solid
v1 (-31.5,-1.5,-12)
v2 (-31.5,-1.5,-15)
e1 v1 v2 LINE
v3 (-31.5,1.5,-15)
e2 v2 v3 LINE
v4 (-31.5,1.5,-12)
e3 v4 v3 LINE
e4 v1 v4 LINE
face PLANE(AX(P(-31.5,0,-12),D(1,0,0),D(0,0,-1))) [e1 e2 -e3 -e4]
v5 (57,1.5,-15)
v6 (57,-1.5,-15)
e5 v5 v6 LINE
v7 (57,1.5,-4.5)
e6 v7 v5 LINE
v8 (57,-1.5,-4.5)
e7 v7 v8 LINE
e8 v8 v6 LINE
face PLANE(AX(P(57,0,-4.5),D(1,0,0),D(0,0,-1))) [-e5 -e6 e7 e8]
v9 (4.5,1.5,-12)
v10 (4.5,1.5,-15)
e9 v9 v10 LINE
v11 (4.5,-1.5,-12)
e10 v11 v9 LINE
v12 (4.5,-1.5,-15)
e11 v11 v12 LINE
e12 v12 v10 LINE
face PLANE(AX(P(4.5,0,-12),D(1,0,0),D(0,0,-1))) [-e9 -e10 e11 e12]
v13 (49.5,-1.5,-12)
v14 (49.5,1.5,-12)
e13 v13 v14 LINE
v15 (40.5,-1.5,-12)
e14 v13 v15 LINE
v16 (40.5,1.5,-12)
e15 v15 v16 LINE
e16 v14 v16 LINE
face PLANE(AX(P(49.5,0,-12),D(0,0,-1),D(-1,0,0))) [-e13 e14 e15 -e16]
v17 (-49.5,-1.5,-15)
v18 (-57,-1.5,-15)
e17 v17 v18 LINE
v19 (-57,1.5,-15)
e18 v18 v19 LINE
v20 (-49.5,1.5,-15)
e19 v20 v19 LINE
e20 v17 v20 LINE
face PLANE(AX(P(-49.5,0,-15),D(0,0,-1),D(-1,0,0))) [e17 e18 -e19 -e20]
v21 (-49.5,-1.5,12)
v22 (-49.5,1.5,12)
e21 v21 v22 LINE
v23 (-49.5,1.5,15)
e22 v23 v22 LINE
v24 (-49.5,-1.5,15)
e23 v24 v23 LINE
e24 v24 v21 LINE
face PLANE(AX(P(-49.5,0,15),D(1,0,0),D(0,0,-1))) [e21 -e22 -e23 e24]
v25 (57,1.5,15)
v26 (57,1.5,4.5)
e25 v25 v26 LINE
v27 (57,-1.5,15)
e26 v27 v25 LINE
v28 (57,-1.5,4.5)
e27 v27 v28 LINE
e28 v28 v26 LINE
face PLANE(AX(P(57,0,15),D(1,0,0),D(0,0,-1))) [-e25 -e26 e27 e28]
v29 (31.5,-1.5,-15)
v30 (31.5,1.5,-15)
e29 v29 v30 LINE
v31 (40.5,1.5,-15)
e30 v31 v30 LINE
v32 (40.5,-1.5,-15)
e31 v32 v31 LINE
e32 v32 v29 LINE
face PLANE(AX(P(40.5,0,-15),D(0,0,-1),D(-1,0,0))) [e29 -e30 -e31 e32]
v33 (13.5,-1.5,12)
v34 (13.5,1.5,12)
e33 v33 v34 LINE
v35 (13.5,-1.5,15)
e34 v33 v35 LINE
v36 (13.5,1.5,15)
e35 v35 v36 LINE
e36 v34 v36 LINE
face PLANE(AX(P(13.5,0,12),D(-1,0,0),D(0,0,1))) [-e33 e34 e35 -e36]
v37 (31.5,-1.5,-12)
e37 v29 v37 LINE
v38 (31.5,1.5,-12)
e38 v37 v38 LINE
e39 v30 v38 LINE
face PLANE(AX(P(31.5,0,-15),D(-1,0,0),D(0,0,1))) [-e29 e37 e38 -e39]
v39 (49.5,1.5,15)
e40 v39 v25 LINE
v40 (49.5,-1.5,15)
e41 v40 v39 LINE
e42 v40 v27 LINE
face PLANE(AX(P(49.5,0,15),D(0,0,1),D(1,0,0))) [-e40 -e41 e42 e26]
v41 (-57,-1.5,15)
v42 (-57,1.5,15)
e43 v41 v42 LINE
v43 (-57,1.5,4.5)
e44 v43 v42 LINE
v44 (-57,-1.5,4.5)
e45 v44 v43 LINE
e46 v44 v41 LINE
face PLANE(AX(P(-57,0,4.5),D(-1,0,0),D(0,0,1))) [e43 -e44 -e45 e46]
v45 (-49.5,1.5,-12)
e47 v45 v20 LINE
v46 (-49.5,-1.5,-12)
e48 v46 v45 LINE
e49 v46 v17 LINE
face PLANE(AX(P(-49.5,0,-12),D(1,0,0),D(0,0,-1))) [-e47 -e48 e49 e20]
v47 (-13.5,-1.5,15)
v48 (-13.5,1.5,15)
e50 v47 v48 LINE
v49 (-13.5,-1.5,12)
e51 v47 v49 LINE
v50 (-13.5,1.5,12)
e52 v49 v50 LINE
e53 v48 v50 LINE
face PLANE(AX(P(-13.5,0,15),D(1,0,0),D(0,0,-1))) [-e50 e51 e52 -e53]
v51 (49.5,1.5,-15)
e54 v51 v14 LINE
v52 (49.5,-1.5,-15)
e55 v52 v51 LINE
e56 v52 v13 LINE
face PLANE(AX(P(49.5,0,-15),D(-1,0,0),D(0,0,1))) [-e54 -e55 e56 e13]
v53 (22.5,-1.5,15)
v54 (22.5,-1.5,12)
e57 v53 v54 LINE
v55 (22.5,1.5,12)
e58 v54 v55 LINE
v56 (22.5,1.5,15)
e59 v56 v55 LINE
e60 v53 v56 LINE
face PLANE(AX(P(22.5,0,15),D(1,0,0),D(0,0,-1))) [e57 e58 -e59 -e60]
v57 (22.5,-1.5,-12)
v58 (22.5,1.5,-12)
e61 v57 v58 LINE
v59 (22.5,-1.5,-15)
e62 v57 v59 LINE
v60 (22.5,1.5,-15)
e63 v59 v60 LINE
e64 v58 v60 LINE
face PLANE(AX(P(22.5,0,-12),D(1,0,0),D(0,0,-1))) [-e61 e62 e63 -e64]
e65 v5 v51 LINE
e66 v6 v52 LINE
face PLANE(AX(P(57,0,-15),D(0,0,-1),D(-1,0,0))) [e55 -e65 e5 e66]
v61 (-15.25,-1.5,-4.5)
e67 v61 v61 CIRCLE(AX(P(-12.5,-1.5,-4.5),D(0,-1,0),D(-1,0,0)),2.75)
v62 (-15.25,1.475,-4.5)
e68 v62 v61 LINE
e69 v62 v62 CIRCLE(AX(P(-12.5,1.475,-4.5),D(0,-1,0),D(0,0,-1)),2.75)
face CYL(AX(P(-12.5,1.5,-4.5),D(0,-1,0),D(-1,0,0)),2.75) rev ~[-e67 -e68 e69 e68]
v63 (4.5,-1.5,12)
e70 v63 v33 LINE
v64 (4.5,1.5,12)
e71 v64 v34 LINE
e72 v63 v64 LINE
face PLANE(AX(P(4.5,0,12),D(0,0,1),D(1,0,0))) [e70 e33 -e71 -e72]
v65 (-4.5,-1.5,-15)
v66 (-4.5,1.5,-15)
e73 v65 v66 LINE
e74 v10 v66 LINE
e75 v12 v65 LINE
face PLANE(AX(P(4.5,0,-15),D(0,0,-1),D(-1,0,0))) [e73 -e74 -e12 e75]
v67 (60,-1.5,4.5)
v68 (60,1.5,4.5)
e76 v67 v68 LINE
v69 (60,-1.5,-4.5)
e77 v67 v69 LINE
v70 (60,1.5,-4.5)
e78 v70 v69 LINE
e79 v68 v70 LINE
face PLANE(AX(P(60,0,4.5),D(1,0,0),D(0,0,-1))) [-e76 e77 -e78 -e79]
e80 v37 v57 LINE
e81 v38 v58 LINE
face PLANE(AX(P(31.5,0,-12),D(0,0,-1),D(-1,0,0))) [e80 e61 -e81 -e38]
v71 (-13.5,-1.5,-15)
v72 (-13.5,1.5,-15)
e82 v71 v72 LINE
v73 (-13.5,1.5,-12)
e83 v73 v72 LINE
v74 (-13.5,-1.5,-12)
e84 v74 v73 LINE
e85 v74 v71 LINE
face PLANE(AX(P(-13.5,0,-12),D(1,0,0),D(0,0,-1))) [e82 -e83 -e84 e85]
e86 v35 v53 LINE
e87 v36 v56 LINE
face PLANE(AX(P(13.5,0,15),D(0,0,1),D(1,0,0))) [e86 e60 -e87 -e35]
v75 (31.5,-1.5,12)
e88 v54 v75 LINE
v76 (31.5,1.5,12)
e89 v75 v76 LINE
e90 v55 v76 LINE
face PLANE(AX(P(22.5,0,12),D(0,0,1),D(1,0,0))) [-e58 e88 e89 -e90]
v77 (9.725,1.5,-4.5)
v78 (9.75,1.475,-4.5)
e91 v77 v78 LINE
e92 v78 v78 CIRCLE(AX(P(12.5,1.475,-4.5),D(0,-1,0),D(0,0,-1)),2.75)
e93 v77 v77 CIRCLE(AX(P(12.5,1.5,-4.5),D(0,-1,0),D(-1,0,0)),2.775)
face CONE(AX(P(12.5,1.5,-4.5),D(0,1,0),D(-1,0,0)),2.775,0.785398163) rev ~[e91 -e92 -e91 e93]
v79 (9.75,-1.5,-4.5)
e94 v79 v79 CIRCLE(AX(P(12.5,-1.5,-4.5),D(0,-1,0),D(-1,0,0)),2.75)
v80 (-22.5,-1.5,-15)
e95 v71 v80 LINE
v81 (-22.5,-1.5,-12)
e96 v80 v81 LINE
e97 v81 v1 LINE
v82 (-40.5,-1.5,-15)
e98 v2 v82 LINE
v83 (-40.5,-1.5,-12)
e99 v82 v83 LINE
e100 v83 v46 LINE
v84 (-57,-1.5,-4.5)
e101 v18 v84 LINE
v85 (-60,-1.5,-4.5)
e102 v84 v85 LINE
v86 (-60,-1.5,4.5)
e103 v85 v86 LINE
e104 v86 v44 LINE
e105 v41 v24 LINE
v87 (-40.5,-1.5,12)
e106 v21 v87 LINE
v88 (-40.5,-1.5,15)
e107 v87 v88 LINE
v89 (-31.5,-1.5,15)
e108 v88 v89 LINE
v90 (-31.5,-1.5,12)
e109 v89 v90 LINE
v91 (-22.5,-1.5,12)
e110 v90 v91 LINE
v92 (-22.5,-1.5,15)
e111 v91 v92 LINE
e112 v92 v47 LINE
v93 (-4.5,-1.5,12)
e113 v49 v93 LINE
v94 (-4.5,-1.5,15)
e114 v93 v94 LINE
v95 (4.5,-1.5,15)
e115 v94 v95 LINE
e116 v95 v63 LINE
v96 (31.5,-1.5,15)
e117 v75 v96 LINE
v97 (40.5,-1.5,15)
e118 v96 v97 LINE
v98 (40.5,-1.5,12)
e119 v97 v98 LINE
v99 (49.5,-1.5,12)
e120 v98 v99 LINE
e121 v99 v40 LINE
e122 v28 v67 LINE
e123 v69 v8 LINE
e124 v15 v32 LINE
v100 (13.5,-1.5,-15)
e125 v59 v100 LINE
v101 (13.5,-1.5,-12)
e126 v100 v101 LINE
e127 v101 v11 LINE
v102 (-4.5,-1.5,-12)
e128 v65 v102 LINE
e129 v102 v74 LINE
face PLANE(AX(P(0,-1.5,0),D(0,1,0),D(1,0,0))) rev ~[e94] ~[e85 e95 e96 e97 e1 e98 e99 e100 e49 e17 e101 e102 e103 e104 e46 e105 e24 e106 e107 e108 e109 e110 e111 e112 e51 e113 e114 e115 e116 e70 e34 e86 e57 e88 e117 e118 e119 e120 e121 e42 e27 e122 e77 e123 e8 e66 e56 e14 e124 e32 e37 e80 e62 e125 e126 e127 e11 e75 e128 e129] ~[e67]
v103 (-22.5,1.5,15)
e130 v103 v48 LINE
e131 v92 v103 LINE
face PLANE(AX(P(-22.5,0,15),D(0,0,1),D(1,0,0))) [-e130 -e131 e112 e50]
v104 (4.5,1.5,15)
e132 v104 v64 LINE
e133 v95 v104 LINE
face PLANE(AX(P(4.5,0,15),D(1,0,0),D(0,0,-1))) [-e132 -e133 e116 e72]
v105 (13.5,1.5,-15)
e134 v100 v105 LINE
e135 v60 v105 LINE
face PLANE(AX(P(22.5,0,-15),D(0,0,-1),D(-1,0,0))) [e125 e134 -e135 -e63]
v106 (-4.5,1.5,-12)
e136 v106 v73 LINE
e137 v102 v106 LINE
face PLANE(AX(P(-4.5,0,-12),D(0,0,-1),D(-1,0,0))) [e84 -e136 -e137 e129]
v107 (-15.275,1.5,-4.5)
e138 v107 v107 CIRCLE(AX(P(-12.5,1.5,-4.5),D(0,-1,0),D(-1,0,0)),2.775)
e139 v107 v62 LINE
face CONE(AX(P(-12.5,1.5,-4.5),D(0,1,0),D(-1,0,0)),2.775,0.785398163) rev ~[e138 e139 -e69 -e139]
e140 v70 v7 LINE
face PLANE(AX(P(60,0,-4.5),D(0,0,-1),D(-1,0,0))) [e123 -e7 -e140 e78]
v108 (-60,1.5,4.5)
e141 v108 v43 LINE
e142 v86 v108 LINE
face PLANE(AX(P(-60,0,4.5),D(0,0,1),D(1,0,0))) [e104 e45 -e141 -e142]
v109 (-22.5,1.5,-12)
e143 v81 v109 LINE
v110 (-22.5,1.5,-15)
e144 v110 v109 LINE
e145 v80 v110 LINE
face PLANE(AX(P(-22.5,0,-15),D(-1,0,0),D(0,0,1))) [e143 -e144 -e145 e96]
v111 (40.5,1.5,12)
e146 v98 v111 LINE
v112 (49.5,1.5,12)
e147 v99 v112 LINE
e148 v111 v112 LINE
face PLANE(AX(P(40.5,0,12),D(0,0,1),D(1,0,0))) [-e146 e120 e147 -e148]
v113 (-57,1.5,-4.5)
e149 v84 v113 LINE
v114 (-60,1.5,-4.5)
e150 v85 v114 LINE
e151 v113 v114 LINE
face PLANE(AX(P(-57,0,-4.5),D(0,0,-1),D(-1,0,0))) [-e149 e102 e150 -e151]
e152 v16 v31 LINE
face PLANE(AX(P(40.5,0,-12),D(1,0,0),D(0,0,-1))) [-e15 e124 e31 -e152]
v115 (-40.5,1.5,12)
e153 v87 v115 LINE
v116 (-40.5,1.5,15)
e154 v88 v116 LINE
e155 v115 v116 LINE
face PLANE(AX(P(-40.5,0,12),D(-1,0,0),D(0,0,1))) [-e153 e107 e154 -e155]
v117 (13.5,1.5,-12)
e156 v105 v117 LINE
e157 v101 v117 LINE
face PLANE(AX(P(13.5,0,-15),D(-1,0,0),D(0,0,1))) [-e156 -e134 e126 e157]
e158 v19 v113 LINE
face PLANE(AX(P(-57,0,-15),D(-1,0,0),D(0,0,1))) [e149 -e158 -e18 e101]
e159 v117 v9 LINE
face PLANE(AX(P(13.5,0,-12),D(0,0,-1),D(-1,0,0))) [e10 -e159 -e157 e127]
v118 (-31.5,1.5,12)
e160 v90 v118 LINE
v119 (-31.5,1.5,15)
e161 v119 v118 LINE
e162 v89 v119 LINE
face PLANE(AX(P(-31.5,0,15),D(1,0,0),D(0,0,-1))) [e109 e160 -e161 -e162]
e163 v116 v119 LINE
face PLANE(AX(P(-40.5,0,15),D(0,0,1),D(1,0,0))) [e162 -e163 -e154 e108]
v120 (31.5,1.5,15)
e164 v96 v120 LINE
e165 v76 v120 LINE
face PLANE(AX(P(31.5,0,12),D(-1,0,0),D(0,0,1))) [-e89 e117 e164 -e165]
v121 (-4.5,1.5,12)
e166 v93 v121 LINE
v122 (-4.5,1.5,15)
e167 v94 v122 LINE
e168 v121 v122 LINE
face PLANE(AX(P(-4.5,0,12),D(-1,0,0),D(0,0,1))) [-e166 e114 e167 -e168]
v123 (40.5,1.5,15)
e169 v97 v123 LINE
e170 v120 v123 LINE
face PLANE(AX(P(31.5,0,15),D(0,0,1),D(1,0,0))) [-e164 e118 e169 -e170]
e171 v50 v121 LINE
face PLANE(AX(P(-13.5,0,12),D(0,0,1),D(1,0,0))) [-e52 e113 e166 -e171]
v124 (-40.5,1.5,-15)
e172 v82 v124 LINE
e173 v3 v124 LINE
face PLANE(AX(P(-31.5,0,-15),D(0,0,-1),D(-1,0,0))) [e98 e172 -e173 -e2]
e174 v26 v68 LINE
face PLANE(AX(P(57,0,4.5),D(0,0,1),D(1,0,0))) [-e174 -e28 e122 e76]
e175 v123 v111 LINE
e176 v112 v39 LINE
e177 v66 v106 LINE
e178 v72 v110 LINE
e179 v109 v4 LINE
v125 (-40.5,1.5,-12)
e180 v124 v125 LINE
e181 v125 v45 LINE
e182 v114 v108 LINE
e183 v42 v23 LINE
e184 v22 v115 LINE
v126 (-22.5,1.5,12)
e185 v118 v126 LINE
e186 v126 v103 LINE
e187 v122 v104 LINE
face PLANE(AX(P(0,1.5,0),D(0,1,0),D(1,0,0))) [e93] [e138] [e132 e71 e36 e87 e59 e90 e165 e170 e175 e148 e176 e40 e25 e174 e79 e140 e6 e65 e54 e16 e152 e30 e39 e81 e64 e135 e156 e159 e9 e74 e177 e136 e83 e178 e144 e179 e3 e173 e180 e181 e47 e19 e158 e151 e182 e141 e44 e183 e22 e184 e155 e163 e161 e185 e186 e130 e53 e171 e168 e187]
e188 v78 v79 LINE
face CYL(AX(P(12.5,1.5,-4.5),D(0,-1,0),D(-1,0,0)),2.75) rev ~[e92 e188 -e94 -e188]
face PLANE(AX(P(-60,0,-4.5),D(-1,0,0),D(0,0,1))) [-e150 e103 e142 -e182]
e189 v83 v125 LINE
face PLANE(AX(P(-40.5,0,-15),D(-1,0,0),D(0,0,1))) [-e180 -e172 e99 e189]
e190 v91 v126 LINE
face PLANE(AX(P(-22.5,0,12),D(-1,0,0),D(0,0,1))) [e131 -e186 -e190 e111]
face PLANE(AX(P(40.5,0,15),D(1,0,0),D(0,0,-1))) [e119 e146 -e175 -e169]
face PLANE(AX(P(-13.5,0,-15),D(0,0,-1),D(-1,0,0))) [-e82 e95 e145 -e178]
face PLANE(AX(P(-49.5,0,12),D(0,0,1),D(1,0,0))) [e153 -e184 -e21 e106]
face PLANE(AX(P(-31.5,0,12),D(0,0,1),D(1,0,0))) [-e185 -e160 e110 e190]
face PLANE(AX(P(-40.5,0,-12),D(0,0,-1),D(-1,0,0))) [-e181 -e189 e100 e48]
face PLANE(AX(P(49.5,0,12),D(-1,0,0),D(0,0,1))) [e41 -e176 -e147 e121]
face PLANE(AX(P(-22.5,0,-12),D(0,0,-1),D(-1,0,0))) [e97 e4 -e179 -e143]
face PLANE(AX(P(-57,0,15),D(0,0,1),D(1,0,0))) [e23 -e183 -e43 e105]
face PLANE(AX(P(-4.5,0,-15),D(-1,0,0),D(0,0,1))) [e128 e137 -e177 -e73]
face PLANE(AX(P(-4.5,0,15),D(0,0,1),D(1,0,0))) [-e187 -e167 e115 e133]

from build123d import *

# Parameters (mm, degrees)
BOSS_EXTRUDE1_DEPTH            = 1.5
M5_CLEARANCE_HOLE1_D           = 5.5
M5_CLEARANCE_HOLE1_CSINK_D     = 5.55
M5_CLEARANCE_HOLE1_CSINK_ANGLE = 90


with BuildPart() as part:
    # Sketch1 → Boss-Extrude1 (new, symmetric)
    with BuildSketch(Plane(origin=(0, 0, 0), x_dir=(1, 0, 0), z_dir=(0, 1, 0))):
        Polygon((57, 15), (49.5, 15), (49.5, 12), (40.5, 12), (40.5, 15), (31.5, 15), (31.5, 12), (22.5, 12), (22.5, 15), (13.5, 15), (13.5, 12), (4.5, 12), (4.5, 15), (-4.5, 15), (-4.5, 12), (-13.5, 12), (-13.5, 15), (-22.5, 15), (-22.5, 12), (-31.5, 12), (-31.5, 15), (-40.5, 15), (-40.5, 12), (-49.5, 12), (-49.5, 15), (-57, 15), (-57, 12), (-57, 4.5), (-60, 4.5), (-60, -4.5), (-57, -4.5), (-57, -12), (-57, -15), (-49.5, -15), (-49.5, -12), (-40.5, -12), (-40.5, -15), (-31.5, -15), (-31.5, -12), (-22.5, -12), (-22.5, -15), (-13.5, -15), (-13.5, -12), (-4.5, -12), (-4.5, -15), (4.5, -15), (4.5, -12), (13.5, -12), (13.5, -15), (22.5, -15), (22.5, -12), (31.5, -12), (31.5, -15), (40.5, -15), (40.5, -12), (49.5, -12), (49.5, -15), (57, -15), (57, -12), (57, -4.5), (60, -4.5), (60, 4.5), (57, 4.5), (57, 12), align=None)
    extrude(amount=BOSS_EXTRUDE1_DEPTH, both=True)

    # M5 Clearance Hole1 (through all)
    with Locations(Plane(origin=(0, 1.5, 0), x_dir=(1, 0, 0), z_dir=(0, 1, 0))):
        with Locations((-12.5, 4.5), (12.5, 4.5)):
            CounterSinkHole(M5_CLEARANCE_HOLE1_D / 2, M5_CLEARANCE_HOLE1_CSINK_D / 2, counter_sink_angle=M5_CLEARANCE_HOLE1_CSINK_ANGLE)


solid = part.part
